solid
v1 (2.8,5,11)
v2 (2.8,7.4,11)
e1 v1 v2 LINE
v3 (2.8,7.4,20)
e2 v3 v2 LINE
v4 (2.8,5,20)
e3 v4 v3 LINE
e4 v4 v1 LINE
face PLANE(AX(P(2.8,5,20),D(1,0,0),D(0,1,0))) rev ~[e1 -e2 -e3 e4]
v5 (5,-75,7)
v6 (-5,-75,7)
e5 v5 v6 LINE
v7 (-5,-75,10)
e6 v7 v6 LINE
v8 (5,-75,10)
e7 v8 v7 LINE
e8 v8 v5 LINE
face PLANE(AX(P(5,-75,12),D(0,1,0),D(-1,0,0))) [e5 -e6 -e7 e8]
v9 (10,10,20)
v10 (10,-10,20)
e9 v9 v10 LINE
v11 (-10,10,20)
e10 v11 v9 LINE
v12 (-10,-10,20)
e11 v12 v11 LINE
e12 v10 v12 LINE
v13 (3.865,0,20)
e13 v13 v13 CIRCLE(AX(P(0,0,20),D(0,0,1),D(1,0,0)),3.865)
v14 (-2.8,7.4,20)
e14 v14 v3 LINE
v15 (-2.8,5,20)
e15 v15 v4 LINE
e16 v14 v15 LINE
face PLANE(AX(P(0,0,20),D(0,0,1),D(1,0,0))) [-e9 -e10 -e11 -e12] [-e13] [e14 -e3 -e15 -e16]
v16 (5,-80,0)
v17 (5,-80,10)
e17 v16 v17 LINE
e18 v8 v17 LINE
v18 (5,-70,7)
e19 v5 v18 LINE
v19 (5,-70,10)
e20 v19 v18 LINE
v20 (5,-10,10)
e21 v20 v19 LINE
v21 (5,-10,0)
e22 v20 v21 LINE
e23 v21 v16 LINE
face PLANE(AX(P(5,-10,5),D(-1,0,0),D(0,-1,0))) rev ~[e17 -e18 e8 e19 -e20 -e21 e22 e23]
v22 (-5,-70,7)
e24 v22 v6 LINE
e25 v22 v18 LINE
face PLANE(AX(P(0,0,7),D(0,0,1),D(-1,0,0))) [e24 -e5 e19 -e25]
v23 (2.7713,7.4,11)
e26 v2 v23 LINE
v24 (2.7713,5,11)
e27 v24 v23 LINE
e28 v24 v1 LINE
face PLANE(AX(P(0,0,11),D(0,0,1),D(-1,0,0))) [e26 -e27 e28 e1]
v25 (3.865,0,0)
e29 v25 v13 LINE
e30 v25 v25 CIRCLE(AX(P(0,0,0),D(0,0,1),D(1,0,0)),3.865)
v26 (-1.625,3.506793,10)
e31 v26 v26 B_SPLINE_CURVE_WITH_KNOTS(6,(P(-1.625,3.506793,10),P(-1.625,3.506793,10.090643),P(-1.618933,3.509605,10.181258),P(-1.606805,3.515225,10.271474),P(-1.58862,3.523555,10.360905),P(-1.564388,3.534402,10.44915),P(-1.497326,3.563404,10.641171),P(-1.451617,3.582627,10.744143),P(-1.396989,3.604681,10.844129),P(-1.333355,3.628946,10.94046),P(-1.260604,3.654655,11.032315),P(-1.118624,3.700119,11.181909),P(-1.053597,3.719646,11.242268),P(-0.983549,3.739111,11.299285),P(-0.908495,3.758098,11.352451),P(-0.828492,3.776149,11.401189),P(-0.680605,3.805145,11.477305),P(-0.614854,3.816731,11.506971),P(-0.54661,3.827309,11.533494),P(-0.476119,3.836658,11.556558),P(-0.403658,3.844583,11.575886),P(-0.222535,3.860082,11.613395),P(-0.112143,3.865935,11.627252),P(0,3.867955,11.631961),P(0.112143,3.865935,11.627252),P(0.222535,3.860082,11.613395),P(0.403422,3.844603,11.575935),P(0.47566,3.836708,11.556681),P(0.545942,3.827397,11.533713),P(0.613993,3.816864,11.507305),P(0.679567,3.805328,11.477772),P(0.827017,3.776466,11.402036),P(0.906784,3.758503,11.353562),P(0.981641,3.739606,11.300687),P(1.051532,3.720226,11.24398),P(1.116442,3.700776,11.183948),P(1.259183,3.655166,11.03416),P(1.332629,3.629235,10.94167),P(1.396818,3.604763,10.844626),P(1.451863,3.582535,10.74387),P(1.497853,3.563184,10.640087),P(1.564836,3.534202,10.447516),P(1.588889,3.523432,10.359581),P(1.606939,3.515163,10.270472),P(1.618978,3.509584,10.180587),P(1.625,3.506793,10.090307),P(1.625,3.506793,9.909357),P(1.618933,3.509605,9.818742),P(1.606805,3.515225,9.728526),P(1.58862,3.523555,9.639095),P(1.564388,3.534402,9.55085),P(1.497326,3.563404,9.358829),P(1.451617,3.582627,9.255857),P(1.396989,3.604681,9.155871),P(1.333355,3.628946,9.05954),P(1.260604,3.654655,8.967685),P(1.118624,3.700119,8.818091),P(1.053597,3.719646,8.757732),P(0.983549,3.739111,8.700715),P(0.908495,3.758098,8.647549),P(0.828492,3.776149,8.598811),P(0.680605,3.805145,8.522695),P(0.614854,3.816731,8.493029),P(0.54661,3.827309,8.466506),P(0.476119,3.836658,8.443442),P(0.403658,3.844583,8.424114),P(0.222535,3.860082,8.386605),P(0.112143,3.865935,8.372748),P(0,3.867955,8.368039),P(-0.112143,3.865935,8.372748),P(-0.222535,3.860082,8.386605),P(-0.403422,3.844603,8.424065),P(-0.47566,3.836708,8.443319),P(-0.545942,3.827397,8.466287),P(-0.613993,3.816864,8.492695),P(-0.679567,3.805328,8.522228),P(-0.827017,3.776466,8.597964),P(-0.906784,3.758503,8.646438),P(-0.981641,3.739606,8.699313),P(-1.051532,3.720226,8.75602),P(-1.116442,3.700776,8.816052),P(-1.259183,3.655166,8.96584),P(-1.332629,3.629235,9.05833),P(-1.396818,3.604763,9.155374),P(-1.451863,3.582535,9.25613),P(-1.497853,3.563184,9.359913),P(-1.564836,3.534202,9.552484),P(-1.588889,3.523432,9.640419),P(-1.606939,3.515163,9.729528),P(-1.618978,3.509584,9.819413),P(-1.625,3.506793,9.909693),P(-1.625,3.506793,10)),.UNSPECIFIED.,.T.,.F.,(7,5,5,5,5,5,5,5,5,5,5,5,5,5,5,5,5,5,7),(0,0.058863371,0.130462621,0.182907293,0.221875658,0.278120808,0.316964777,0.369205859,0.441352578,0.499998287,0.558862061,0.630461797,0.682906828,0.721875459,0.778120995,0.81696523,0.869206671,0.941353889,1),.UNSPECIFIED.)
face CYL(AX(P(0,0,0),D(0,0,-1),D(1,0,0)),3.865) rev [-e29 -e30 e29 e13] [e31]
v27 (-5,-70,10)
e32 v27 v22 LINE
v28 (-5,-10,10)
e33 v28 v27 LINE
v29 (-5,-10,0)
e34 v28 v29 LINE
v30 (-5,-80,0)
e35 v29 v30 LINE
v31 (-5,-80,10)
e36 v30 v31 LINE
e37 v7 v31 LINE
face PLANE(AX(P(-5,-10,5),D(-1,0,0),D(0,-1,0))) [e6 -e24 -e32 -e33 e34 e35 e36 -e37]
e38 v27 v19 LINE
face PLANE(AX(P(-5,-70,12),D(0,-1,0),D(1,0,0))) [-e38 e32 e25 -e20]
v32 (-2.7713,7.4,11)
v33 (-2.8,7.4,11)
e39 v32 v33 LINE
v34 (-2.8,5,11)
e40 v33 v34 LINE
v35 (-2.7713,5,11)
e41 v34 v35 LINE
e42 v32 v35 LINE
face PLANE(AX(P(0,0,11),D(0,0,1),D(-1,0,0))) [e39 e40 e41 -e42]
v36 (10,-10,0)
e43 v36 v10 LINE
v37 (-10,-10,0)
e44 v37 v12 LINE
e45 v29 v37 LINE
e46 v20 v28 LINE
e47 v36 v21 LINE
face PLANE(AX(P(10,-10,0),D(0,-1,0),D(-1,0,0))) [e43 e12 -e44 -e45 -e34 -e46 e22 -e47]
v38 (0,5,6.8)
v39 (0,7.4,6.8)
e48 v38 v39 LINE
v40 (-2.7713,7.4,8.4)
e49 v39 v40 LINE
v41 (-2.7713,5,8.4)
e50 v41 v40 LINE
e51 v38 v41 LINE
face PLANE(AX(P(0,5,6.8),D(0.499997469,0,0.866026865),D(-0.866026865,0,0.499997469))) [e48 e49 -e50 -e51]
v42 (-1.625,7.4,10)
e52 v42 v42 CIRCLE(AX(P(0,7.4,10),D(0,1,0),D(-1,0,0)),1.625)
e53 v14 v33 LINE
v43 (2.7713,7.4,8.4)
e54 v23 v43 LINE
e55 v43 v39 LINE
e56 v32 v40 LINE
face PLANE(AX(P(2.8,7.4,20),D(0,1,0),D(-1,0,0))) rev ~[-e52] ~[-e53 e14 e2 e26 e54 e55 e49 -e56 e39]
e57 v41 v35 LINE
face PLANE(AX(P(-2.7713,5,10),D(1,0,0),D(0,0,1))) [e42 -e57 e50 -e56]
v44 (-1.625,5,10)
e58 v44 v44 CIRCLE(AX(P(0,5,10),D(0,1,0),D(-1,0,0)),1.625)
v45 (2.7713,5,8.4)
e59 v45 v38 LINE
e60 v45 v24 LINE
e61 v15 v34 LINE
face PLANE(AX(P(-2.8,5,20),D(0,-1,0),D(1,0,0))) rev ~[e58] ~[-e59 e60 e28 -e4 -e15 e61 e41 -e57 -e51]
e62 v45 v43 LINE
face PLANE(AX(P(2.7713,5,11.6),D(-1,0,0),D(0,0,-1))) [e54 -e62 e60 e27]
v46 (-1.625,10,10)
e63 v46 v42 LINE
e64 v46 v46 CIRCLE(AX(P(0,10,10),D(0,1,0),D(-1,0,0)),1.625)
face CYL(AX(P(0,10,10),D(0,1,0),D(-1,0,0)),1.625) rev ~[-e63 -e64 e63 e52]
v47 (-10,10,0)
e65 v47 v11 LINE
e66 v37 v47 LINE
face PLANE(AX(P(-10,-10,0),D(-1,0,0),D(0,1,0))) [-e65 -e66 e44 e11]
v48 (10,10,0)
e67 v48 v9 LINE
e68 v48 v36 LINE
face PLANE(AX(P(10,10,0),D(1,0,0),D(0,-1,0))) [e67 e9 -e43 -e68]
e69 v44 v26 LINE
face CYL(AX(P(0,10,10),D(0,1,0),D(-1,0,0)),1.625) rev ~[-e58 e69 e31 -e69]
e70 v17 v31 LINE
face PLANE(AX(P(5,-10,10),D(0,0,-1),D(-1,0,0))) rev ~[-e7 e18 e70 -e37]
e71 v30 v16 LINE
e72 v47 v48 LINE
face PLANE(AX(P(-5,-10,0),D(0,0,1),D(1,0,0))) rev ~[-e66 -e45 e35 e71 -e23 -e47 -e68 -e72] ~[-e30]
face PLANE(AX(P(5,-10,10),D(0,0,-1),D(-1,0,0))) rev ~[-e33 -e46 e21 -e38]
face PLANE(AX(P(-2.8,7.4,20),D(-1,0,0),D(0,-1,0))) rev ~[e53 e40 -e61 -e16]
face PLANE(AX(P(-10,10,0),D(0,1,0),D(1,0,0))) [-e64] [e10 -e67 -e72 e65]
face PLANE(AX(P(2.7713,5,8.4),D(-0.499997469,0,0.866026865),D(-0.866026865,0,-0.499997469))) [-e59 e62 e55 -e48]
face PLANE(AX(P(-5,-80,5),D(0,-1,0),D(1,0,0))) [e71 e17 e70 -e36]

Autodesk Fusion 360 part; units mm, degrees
sketch "Esquisse1" plane through (0, 0, 0) normal (0, 0, 1) x (1, 0, 0)
sketch "Esquisse2" plane through (0, 0, 0) normal (0, 0, 1) x (1, 0, 0)
  circle A0 centre (0, 0) radius 3.865
  line L0 (10, -10) -> (-10, -10)
  line L1 (-10, -10) -> (-10, 10)
  line L2 (-10, 10) -> (10, 10)
  line L3 (10, 10) -> (10, -10)
  dimension "d2" = 7.73
extrude "Extrusion1" add sketch "Esquisse2" along normal blind 20
sketch "Esquisse3" plane through (0, 10, 0) normal (0, 1, 0) x (-1, 0, 0)
  line L0 (-10, 0) -> (10, 0)
  line L1 (10, 0) -> (10, 20)
  line L2 (10, 20) -> (-10, 20)
  line L3 (-10, 20) -> (-10, 0)
sketch "Esquisse4" plane through (0, 0, 20) normal (0, 0, 1) x (-1, 0, 0)
  circle A0 centre (0, 0) radius 3.865
  line L0 (-10, -10) -> (10, -10)
  line L1 (10, -10) -> (10, 10)
  line L2 (10, 10) -> (-10, 10)
  line L3 (-10, 10) -> (-10, -10)
  line L4 (0, -7.4) -> (2.8, -7.4)
  line L5 (2.8, -7.4) -> (2.8, -5)
  line L6 (2.8, -5) -> (-2.8, -5)
  line L7 (-2.8, -5) -> (-2.8, -7.4)
  line L8 (-2.8, -7.4) -> (0, -7.4)
  dimension "d12" = 2.8
  dimension "d13" = 5.6
ref_plane "Plan de construction1" through (0, 0, 20) normal (0, 1, 0) x (-1, 0, 0)
sketch "Esquisse5" plane through (0, 0, 20) normal (0, 1, 0) x (-1, 0, 0)
  line L0 (0, 0) -> (0, -20)
  line L1 (-10, -10) -> (10, -10)
  line L2 (0, -6.8) -> (-2.7713, -8.4)
  line L3 (-2.7713, -8.4) -> (-2.7713, -11.6)
  line L4 (-2.7713, -11.6) -> (0, -13.2)
  line L5 (0, -13.2) -> (2.7713, -11.6)
  line L6 (2.7713, -11.6) -> (2.7713, -8.4)
  line L7 (2.7713, -8.4) -> (0, -6.8)
  point P0 (0, -10)
  dimension "d6" = 3.2
extrude "Extrusion2" cut sketch "Esquisse5" along normal blind 2.4 from surface at 5
extrude "Extrusion3" cut sketch "Esquisse4" against normal blind 9 contours L4 L5 L6 L7 L8
sketch "Esquisse6" plane through (0, 10, 0) normal (0, 1, 0) x (-1, 0, 0)
  circle A0 centre (0, 10) radius 1.625
  dimension "d16" = 3.25
extrude "Extrusion4" cut sketch "Esquisse6" against normal blind 10
sketch "Esquisse7" plane through (0, -10, 0) normal (0, -1, 0) x (1, 0, 0)
  line L0 (-10, 0) -> (10, 0)
  line L1 (10, 0) -> (10, 20)
  line L2 (10, 20) -> (-10, 20)
  line L3 (-10, 20) -> (-10, 0)
  line L4 (5, 15) -> (-5, 15)
  line L5 (-5, 15) -> (-5, 5)
  line L6 (-5, 5) -> (5, 5)
  line L7 (5, 5) -> (5, 15)
  line L8 (5, 15) -> (-5, 5) construction
  line L9 (-5, 15) -> (5, 5) construction
  point P0 (0, 10)
  dimension "d19" = 10
  dimension "d20" = 10
extrude "Extrusion5" add sketch "Esquisse7" along normal blind 70 contours L4 L5 L6 L7
sketch "Esquisse8" plane through (0, 0, 15) normal (0, 0, 1) x (-1, 0, 0)
  line L0 (-5, 10) -> (5, 10)
  line L1 (5, 10) -> (5, 80)
  line L2 (5, 80) -> (-5, 80)
  line L3 (-5, 80) -> (-5, 10)
  line L4 (5, 80) -> (-5, 80)
  line L5 (-5, 80) -> (-5, 75)
  line L6 (-5, 75) -> (5, 75)
  line L7 (5, 75) -> (5, 80)
  line L8 (-5, 75) -> (5, 75)
  line L9 (5, 75) -> (5, 70)
  line L10 (5, 70) -> (-5, 70)
  line L11 (-5, 70) -> (-5, 75)
extrude "Extrusion6" cut sketch "Esquisse8" against normal blind 3 contours L1 L3 L6 L8 L9 L10 L11
extrude "Extrusion7" add 1 faces at (-1.6667, -33.3333, 5) along direction (0, 0, -1) blind 5
extrude "Extrusion8" cut 2 faces at (1.6667, -50, 15) (1.6667, -76.6667, 15) along direction (0, 0, -1) blind 5
extrude "Extrusion9" cut 1 faces at (-1.6667, -71.6667, 12) along direction (0, 0, -1) blind 5
